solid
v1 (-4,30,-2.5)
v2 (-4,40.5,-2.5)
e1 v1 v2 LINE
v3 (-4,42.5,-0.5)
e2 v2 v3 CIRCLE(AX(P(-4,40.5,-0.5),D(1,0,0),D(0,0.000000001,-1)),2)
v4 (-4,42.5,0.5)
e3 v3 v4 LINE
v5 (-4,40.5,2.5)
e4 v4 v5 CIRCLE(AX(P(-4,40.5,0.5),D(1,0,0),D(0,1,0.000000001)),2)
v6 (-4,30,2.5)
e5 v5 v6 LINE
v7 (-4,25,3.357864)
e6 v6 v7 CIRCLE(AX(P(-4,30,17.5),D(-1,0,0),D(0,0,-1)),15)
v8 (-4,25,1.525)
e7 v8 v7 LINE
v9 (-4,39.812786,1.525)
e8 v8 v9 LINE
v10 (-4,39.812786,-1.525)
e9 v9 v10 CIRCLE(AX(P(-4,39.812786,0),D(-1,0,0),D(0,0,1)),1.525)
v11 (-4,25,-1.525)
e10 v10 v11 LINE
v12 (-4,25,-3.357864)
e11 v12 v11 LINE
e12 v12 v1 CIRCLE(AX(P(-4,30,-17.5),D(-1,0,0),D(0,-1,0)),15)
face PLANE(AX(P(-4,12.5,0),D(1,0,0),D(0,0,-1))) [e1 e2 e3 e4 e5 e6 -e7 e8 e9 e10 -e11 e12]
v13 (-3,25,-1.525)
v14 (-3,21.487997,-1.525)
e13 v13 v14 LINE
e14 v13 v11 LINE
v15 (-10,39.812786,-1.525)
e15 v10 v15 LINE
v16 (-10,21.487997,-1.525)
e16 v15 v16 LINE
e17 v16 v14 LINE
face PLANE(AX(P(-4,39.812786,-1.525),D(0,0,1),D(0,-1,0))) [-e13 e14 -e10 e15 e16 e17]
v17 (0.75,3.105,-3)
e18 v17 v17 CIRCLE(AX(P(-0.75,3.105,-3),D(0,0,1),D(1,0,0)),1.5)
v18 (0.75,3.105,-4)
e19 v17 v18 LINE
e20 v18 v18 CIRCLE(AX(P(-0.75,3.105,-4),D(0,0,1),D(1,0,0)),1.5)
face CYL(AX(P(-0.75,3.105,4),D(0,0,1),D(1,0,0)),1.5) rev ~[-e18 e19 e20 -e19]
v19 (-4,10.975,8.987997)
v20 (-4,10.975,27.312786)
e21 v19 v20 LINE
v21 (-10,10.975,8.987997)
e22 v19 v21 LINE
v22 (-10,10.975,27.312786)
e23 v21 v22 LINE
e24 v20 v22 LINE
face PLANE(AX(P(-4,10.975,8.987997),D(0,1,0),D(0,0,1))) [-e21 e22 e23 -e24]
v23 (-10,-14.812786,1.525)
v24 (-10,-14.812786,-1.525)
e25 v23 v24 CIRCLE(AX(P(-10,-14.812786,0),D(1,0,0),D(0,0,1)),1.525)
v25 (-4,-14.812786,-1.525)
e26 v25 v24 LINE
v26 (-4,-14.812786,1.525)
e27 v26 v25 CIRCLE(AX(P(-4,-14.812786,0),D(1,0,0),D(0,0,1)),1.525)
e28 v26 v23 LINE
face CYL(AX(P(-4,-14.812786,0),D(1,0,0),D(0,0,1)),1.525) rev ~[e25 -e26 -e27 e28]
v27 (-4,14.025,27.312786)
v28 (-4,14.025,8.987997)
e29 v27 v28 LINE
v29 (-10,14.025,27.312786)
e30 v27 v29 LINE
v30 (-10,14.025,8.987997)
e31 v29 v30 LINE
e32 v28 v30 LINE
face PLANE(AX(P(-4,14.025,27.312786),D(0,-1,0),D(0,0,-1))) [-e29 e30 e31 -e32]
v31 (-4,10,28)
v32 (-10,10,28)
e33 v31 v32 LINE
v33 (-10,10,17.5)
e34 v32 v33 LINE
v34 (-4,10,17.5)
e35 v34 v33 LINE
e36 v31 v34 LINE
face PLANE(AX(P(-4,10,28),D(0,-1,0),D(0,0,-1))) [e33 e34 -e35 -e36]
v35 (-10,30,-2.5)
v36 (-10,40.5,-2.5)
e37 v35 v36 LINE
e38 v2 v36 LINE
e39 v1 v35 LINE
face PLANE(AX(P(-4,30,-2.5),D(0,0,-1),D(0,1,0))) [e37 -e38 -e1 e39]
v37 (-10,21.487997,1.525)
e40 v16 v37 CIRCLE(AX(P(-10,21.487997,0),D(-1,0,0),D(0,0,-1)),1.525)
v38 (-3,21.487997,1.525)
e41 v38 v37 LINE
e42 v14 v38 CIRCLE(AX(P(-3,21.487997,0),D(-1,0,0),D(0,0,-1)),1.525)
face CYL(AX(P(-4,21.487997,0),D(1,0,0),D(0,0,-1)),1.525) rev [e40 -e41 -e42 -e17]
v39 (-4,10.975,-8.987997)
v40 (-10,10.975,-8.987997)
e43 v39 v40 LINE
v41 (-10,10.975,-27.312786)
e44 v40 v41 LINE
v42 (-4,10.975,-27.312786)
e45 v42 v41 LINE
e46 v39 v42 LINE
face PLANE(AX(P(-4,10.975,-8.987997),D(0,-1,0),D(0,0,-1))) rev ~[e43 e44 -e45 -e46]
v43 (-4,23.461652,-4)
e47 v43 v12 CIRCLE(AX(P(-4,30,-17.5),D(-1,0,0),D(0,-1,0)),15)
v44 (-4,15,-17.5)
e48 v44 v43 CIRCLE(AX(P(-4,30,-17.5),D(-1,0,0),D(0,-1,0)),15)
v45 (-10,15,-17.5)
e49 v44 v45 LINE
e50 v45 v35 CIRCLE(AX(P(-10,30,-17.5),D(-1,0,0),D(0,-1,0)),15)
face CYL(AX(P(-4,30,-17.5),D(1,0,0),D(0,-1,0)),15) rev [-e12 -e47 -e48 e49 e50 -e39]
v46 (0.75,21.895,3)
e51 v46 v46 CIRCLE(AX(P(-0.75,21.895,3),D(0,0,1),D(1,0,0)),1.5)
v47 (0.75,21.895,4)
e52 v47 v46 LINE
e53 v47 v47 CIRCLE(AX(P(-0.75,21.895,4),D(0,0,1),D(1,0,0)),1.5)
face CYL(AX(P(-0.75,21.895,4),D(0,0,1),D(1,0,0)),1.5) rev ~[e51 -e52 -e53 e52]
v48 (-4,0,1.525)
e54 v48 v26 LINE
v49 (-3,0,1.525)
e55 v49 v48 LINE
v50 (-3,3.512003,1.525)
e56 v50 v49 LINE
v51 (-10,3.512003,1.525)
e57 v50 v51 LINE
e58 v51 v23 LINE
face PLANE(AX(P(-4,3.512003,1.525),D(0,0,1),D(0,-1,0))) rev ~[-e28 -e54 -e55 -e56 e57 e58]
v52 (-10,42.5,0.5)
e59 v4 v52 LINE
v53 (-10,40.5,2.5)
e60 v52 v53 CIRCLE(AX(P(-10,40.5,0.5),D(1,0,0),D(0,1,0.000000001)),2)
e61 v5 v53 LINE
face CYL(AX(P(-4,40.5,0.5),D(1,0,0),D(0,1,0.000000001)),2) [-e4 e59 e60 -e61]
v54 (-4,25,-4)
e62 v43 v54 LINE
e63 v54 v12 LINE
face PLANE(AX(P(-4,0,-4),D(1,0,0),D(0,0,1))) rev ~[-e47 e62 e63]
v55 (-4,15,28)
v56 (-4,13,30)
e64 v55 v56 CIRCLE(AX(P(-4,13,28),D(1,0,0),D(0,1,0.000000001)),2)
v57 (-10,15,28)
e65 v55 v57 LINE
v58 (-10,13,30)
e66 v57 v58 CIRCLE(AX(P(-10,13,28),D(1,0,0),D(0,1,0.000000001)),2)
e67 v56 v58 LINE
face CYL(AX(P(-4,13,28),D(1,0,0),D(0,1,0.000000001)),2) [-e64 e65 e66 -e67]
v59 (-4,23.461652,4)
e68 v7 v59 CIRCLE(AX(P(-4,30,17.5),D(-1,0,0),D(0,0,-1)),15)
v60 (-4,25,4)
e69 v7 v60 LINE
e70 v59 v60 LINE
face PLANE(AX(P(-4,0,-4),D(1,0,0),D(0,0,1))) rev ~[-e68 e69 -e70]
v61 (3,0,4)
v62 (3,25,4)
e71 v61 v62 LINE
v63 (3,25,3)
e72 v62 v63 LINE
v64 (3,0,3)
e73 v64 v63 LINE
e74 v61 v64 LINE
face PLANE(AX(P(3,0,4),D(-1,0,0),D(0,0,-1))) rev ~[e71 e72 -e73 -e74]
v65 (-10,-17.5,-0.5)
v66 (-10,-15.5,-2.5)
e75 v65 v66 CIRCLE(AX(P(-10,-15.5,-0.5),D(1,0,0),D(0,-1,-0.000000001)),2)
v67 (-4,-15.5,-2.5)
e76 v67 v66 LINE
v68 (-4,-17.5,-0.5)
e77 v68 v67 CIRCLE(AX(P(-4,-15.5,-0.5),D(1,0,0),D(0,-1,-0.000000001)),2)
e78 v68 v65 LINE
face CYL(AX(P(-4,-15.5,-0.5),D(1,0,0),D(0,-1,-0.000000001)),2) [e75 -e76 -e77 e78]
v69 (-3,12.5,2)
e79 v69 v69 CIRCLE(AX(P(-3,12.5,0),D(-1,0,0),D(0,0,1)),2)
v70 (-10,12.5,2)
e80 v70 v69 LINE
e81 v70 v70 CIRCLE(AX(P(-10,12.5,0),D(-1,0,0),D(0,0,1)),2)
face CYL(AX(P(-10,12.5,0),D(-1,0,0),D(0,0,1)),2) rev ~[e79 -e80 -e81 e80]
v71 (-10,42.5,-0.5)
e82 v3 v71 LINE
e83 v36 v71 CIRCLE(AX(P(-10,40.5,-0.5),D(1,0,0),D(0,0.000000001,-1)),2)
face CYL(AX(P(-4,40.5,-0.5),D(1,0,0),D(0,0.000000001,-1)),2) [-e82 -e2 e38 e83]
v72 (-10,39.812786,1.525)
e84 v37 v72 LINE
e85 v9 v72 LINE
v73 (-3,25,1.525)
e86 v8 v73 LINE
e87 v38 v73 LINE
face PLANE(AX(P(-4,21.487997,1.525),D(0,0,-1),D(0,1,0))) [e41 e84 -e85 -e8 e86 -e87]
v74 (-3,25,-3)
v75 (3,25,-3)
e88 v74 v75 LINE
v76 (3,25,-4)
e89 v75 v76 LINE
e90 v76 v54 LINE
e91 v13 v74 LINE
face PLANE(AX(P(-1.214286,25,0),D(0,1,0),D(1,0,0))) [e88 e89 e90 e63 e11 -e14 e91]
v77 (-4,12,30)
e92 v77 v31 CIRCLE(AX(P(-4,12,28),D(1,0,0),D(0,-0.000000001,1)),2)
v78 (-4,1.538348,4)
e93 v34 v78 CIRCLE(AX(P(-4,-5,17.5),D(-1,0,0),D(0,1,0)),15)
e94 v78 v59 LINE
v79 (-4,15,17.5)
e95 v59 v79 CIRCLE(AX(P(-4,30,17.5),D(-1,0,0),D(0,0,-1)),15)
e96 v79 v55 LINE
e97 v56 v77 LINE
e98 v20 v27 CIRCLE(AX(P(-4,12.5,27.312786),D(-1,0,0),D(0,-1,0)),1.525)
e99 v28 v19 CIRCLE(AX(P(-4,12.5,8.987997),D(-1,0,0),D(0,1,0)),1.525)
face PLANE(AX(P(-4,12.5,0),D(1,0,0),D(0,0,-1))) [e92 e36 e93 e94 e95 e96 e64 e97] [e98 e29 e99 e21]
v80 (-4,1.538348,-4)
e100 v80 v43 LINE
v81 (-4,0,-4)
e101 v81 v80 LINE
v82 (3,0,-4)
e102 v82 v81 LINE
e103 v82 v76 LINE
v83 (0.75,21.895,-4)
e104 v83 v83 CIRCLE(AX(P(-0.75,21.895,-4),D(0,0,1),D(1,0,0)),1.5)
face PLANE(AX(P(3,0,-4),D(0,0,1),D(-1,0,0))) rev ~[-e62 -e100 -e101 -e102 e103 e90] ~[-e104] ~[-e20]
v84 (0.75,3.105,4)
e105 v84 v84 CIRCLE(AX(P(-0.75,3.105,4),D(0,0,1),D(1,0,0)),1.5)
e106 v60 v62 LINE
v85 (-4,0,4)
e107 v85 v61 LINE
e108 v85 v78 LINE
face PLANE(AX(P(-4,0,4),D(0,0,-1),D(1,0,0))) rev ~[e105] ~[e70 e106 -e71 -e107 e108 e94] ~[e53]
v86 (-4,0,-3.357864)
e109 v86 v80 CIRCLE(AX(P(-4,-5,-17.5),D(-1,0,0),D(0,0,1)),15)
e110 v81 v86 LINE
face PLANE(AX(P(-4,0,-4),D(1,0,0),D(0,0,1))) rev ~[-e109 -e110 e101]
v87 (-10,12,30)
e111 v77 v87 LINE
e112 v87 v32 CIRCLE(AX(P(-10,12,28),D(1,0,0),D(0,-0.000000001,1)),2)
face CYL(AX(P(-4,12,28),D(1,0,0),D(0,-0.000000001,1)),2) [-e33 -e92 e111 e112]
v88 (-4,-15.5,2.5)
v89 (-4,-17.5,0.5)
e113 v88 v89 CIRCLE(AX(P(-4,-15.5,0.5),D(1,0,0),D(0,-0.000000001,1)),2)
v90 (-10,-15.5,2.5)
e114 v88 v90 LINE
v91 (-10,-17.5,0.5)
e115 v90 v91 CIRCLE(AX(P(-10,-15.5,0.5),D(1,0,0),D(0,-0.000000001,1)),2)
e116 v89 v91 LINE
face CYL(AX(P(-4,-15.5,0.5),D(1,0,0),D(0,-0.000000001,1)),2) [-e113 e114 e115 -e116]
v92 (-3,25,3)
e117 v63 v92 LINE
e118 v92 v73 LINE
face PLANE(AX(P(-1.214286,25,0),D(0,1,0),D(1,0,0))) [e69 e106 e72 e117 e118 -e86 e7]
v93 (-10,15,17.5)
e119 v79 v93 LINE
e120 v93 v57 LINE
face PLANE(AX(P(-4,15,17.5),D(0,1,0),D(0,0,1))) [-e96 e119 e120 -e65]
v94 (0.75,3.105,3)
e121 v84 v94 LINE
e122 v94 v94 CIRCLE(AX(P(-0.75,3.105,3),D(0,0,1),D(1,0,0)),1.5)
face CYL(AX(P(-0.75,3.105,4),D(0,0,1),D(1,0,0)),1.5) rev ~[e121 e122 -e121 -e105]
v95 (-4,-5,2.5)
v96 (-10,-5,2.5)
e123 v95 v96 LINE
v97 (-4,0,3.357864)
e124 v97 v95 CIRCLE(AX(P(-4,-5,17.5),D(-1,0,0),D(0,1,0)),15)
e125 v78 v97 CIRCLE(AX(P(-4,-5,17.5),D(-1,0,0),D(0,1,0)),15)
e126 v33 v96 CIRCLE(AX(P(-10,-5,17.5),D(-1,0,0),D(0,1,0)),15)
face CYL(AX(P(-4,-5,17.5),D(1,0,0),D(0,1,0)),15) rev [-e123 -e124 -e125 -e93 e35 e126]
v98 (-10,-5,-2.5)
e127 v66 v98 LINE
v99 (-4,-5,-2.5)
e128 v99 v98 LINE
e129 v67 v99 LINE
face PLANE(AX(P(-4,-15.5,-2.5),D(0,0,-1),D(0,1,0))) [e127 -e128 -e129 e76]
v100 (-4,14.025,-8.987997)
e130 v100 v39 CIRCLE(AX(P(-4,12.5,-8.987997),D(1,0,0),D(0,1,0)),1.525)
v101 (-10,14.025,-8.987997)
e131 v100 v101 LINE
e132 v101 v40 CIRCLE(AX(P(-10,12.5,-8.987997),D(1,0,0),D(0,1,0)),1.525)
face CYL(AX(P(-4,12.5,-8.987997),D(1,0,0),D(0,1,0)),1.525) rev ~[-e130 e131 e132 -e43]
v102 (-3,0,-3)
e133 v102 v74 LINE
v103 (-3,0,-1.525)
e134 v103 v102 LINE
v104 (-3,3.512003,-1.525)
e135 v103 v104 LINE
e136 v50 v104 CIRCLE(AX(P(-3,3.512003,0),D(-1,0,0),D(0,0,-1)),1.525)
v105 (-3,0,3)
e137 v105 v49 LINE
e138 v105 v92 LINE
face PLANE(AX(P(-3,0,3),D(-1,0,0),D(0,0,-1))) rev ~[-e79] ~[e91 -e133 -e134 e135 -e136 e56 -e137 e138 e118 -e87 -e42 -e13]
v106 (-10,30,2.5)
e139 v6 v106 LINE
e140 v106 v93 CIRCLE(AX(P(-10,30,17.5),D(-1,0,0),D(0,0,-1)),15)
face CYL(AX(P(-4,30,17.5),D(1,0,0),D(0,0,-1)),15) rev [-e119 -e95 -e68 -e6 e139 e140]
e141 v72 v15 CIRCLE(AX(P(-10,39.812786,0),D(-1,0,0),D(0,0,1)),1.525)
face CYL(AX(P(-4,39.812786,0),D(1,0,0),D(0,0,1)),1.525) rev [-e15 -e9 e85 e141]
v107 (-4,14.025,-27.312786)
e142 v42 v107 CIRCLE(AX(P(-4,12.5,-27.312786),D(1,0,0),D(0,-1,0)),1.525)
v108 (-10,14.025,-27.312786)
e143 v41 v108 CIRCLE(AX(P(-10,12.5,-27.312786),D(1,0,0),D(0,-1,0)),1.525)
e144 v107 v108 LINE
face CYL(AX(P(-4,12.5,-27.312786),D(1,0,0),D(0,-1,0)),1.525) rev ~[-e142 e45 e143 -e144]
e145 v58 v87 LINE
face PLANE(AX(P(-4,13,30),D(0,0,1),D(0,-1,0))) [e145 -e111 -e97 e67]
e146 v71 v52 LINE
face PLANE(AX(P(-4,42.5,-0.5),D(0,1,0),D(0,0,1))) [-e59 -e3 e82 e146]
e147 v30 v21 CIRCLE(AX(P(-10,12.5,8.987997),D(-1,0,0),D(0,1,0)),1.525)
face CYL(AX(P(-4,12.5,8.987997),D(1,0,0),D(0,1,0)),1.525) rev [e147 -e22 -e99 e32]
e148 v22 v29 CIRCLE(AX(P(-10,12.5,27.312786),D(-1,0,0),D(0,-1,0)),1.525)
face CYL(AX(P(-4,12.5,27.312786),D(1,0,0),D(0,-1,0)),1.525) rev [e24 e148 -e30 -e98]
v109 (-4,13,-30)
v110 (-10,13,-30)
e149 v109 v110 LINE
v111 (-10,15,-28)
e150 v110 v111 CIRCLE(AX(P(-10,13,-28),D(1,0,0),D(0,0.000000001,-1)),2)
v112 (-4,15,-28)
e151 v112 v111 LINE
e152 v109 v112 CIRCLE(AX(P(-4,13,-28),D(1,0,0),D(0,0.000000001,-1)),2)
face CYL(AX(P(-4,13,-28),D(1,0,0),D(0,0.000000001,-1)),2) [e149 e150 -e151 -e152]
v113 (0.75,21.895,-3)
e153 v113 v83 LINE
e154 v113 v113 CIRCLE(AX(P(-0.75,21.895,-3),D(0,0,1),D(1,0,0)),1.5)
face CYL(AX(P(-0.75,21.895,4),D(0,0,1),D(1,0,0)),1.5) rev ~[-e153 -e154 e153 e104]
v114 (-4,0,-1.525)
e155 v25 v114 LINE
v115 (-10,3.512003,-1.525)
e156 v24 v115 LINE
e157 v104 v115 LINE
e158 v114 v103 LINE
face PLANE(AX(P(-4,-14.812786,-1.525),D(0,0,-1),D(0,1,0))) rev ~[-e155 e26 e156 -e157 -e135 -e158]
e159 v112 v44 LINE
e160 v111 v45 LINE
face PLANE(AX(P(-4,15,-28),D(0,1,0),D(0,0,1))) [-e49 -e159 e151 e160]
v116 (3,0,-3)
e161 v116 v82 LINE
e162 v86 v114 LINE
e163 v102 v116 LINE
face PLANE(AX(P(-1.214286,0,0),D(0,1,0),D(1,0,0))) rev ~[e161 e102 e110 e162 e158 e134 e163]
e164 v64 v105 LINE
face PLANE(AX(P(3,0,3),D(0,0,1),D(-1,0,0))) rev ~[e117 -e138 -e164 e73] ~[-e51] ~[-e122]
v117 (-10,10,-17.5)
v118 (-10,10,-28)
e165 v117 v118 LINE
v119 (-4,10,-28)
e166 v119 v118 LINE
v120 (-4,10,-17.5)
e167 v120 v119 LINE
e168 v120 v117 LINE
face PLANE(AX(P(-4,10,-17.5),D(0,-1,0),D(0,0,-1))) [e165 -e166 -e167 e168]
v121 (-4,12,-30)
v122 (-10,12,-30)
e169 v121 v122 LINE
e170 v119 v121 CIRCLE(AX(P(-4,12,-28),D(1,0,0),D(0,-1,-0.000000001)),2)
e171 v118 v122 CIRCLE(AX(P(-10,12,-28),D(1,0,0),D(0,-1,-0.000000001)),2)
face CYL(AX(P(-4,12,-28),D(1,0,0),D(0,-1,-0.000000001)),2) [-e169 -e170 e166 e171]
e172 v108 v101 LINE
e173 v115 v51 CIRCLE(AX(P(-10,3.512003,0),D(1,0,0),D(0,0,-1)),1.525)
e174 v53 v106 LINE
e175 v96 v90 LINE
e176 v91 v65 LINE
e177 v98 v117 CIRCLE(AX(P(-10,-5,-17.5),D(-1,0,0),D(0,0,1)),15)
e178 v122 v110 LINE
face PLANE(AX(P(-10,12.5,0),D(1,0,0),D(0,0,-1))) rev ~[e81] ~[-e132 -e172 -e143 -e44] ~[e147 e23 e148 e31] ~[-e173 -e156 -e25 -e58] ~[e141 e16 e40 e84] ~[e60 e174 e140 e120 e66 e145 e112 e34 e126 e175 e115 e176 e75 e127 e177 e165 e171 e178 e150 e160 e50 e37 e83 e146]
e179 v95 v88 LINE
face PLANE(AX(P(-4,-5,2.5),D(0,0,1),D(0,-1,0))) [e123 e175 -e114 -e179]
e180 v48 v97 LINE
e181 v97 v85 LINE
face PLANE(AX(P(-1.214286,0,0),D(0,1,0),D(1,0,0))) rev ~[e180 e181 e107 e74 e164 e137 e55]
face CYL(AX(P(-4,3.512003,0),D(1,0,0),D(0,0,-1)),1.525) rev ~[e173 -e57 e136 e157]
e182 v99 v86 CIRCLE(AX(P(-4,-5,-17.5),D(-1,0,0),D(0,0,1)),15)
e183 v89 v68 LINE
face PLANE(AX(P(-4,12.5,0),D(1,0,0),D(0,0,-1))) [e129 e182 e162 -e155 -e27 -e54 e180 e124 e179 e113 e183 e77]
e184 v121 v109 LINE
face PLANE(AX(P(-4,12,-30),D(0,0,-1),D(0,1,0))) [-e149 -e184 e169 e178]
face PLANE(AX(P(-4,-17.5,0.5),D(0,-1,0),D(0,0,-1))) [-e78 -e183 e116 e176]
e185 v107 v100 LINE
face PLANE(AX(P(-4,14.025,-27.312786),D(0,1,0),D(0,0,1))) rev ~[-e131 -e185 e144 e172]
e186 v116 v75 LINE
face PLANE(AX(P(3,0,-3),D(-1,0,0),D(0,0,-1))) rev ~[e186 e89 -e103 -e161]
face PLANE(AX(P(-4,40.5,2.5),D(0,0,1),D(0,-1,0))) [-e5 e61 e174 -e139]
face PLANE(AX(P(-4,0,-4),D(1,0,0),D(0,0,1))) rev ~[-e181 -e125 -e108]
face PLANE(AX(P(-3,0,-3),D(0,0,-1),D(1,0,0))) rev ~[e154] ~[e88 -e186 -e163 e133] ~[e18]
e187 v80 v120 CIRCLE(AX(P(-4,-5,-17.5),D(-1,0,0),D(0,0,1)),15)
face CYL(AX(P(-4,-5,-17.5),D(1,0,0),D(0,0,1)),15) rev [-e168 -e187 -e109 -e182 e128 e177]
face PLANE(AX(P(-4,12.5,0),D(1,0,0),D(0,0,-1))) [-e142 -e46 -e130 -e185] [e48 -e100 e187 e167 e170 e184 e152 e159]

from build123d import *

# Parameters (mm, degrees)
BOSS_EXTRUDE1_DEPTH = 25
SKETCH2_R           = 1.5
CUT_EXTRUDE1_DEPTH  = 100
BOSS_EXTRUDE2_DEPTH = 6
CUT_EXTRUDE2_START  = -6
CUT_EXTRUDE2_DEPTH  = 6
CUT_EXTRUDE3_START  = -6
CUT_EXTRUDE3_DEPTH  = 6
SKETCH6_R           = 2
CUT_EXTRUDE4_DEPTH  = 60


with BuildPart() as part:
    # Sketch1 → Boss-Extrude1 (new body)
    with BuildSketch(Plane(origin=(0, 0, 0), x_dir=(1, 0, 0), z_dir=(0, 1, 0))):
        Polygon((-3, 3), (3, 3), (3, 4), (-4, 4), (-4, -4), (3, -4), (3, -3), (-3, -3), align=None)
    extrude(amount=BOSS_EXTRUDE1_DEPTH)

    # Sketch2 → Cut-Extrude1 (cut)
    with BuildSketch(Plane.XY.offset(4)):
        with Locations((-0.75, 3.105)):
            Circle(SKETCH2_R)
        with Locations((-0.75, 21.895)):
            Circle(SKETCH2_R)
    extrude(amount=-CUT_EXTRUDE1_DEPTH, mode=Mode.SUBTRACT)

    # Sketch3 → Boss-Extrude2 (add)
    with BuildSketch(Plane.ZY.offset(4)):
        with BuildLine():
            Line((0.5, 42.5), (-0.5, 42.5))
            ThreePointArc((-0.5, 42.5), (-1.914213562, 41.914213562), (-2.5, 40.5))
            Line((-2.5, 40.5), (-2.5, 30))
            ThreePointArc((-2.5, 30), (-6.893398282, 19.393398282), (-17.5, 15))
            Line((-17.5, 15), (-28, 15))
            ThreePointArc((-28, 15), (-29.414213562, 14.414213562), (-30, 13))
            Line((-30, 13), (-30, 12))
            ThreePointArc((-30, 12), (-29.414213562, 10.585786438), (-28, 10))
            Line((-28, 10), (-17.5, 10))
            ThreePointArc((-17.5, 10), (-6.893398282, 5.606601718), (-2.5, -5))
            Line((-2.5, -5), (-2.5, -15.5))
            ThreePointArc((-2.5, -15.5), (-1.914213562, -16.914213562), (-0.5, -17.5))
            Line((-0.5, -17.5), (0.5, -17.5))
            ThreePointArc((0.5, -17.5), (1.914213562, -16.914213562), (2.5, -15.5))
            Line((2.5, -15.5), (2.5, -5))
            ThreePointArc((2.5, -5), (6.893398282, 5.606601718), (17.5, 10))
            Line((17.5, 10), (28, 10))
            ThreePointArc((28, 10), (29.414213562, 10.585786438), (30, 12))
            Line((30, 12), (30, 13))
            ThreePointArc((30, 13), (29.414213562, 14.414213562), (28, 15))
            Line((28, 15), (17.5, 15))
            ThreePointArc((17.5, 15), (6.893398282, 19.393398282), (2.5, 30))
            Line((2.5, 30), (2.5, 40.5))
            ThreePointArc((2.5, 40.5), (1.914213562, 41.914213562), (0.5, 42.5))
        make_face()
        with BuildLine():
            Line((1.525, 39.812785606), (1.525, 21.487997416))
            ThreePointArc((1.525, 21.487997416), (0, 19.962997416), (-1.525, 21.487997416))
            Line((-1.525, 21.487997416), (-1.525, 39.812785606))
            ThreePointArc((-1.525, 39.812785606), (0, 41.337785606), (1.525, 39.812785606))
        make_face(mode=Mode.SUBTRACT)
        with BuildLine():
            Line((1.525, 3.512002584), (1.525, -14.812785606))
            ThreePointArc((1.525, -14.812785606), (0, -16.337785606), (-1.525, -14.812785606))
            Line((-1.525, -14.812785606), (-1.525, 3.512002584))
            ThreePointArc((-1.525, 3.512002584), (0, 5.037002584), (1.525, 3.512002584))
        make_face(mode=Mode.SUBTRACT)
        with BuildLine():
            ThreePointArc((27.312785606, 14.025), (28.837785606, 12.5), (27.312785606, 10.975))
            Line((27.312785606, 10.975), (8.987997416, 10.975))
            ThreePointArc((8.987997416, 10.975), (7.462997416, 12.5), (8.987997416, 14.025))
            Line((8.987997416, 14.025), (27.312785606, 14.025))
        make_face(mode=Mode.SUBTRACT)
        with BuildLine():
            Line((-27.312785606, 14.025), (-8.987997416, 14.025))
            ThreePointArc((-8.987997416, 14.025), (-7.462997416, 12.5), (-8.987997416, 10.975))
            Line((-8.987997416, 10.975), (-27.312785606, 10.975))
            ThreePointArc((-27.312785606, 10.975), (-28.837785606, 12.5), (-27.312785606, 14.025))
        make_face(mode=Mode.SUBTRACT)
    extrude(amount=BOSS_EXTRUDE2_DEPTH)

    # Sketch3<4> → Cut-Extrude2 (cut)
    with BuildSketch(Plane.ZY.offset(4).offset(CUT_EXTRUDE2_START)):
        with BuildLine():
            Line((-1.525, -14.812785606), (-1.525, 3.512002584))
            ThreePointArc((-1.525, 3.512002584), (0, 5.037002584), (1.525, 3.512002584))
            Line((1.525, 3.512002584), (1.525, -14.812785606))
            ThreePointArc((1.525, -14.812785606), (0, -16.337785606), (-1.525, -14.812785606))
        make_face()
    extrude(amount=CUT_EXTRUDE2_DEPTH, mode=Mode.SUBTRACT)

    # Sketch3<5> → Cut-Extrude3 (cut)
    with BuildSketch(Plane.ZY.offset(4).offset(CUT_EXTRUDE3_START)):
        with BuildLine():
            Line((-1.525, 39.812785606), (-1.525, 21.487997416))
            ThreePointArc((-1.525, 21.487997416), (0, 19.962997416), (1.525, 21.487997416))
            Line((1.525, 21.487997416), (1.525, 39.812785606))
            ThreePointArc((1.525, 39.812785606), (0, 41.337785606), (-1.525, 39.812785606))
        make_face()
    extrude(amount=CUT_EXTRUDE3_DEPTH, mode=Mode.SUBTRACT)

    # Sketch6 → Cut-Extrude4 (cut)
    with BuildSketch(Plane.ZY.offset(10)):
        with Locations((0, 12.5)):
            Circle(SKETCH6_R)
    extrude(amount=-CUT_EXTRUDE4_DEPTH, mode=Mode.SUBTRACT)


solid = part.part
